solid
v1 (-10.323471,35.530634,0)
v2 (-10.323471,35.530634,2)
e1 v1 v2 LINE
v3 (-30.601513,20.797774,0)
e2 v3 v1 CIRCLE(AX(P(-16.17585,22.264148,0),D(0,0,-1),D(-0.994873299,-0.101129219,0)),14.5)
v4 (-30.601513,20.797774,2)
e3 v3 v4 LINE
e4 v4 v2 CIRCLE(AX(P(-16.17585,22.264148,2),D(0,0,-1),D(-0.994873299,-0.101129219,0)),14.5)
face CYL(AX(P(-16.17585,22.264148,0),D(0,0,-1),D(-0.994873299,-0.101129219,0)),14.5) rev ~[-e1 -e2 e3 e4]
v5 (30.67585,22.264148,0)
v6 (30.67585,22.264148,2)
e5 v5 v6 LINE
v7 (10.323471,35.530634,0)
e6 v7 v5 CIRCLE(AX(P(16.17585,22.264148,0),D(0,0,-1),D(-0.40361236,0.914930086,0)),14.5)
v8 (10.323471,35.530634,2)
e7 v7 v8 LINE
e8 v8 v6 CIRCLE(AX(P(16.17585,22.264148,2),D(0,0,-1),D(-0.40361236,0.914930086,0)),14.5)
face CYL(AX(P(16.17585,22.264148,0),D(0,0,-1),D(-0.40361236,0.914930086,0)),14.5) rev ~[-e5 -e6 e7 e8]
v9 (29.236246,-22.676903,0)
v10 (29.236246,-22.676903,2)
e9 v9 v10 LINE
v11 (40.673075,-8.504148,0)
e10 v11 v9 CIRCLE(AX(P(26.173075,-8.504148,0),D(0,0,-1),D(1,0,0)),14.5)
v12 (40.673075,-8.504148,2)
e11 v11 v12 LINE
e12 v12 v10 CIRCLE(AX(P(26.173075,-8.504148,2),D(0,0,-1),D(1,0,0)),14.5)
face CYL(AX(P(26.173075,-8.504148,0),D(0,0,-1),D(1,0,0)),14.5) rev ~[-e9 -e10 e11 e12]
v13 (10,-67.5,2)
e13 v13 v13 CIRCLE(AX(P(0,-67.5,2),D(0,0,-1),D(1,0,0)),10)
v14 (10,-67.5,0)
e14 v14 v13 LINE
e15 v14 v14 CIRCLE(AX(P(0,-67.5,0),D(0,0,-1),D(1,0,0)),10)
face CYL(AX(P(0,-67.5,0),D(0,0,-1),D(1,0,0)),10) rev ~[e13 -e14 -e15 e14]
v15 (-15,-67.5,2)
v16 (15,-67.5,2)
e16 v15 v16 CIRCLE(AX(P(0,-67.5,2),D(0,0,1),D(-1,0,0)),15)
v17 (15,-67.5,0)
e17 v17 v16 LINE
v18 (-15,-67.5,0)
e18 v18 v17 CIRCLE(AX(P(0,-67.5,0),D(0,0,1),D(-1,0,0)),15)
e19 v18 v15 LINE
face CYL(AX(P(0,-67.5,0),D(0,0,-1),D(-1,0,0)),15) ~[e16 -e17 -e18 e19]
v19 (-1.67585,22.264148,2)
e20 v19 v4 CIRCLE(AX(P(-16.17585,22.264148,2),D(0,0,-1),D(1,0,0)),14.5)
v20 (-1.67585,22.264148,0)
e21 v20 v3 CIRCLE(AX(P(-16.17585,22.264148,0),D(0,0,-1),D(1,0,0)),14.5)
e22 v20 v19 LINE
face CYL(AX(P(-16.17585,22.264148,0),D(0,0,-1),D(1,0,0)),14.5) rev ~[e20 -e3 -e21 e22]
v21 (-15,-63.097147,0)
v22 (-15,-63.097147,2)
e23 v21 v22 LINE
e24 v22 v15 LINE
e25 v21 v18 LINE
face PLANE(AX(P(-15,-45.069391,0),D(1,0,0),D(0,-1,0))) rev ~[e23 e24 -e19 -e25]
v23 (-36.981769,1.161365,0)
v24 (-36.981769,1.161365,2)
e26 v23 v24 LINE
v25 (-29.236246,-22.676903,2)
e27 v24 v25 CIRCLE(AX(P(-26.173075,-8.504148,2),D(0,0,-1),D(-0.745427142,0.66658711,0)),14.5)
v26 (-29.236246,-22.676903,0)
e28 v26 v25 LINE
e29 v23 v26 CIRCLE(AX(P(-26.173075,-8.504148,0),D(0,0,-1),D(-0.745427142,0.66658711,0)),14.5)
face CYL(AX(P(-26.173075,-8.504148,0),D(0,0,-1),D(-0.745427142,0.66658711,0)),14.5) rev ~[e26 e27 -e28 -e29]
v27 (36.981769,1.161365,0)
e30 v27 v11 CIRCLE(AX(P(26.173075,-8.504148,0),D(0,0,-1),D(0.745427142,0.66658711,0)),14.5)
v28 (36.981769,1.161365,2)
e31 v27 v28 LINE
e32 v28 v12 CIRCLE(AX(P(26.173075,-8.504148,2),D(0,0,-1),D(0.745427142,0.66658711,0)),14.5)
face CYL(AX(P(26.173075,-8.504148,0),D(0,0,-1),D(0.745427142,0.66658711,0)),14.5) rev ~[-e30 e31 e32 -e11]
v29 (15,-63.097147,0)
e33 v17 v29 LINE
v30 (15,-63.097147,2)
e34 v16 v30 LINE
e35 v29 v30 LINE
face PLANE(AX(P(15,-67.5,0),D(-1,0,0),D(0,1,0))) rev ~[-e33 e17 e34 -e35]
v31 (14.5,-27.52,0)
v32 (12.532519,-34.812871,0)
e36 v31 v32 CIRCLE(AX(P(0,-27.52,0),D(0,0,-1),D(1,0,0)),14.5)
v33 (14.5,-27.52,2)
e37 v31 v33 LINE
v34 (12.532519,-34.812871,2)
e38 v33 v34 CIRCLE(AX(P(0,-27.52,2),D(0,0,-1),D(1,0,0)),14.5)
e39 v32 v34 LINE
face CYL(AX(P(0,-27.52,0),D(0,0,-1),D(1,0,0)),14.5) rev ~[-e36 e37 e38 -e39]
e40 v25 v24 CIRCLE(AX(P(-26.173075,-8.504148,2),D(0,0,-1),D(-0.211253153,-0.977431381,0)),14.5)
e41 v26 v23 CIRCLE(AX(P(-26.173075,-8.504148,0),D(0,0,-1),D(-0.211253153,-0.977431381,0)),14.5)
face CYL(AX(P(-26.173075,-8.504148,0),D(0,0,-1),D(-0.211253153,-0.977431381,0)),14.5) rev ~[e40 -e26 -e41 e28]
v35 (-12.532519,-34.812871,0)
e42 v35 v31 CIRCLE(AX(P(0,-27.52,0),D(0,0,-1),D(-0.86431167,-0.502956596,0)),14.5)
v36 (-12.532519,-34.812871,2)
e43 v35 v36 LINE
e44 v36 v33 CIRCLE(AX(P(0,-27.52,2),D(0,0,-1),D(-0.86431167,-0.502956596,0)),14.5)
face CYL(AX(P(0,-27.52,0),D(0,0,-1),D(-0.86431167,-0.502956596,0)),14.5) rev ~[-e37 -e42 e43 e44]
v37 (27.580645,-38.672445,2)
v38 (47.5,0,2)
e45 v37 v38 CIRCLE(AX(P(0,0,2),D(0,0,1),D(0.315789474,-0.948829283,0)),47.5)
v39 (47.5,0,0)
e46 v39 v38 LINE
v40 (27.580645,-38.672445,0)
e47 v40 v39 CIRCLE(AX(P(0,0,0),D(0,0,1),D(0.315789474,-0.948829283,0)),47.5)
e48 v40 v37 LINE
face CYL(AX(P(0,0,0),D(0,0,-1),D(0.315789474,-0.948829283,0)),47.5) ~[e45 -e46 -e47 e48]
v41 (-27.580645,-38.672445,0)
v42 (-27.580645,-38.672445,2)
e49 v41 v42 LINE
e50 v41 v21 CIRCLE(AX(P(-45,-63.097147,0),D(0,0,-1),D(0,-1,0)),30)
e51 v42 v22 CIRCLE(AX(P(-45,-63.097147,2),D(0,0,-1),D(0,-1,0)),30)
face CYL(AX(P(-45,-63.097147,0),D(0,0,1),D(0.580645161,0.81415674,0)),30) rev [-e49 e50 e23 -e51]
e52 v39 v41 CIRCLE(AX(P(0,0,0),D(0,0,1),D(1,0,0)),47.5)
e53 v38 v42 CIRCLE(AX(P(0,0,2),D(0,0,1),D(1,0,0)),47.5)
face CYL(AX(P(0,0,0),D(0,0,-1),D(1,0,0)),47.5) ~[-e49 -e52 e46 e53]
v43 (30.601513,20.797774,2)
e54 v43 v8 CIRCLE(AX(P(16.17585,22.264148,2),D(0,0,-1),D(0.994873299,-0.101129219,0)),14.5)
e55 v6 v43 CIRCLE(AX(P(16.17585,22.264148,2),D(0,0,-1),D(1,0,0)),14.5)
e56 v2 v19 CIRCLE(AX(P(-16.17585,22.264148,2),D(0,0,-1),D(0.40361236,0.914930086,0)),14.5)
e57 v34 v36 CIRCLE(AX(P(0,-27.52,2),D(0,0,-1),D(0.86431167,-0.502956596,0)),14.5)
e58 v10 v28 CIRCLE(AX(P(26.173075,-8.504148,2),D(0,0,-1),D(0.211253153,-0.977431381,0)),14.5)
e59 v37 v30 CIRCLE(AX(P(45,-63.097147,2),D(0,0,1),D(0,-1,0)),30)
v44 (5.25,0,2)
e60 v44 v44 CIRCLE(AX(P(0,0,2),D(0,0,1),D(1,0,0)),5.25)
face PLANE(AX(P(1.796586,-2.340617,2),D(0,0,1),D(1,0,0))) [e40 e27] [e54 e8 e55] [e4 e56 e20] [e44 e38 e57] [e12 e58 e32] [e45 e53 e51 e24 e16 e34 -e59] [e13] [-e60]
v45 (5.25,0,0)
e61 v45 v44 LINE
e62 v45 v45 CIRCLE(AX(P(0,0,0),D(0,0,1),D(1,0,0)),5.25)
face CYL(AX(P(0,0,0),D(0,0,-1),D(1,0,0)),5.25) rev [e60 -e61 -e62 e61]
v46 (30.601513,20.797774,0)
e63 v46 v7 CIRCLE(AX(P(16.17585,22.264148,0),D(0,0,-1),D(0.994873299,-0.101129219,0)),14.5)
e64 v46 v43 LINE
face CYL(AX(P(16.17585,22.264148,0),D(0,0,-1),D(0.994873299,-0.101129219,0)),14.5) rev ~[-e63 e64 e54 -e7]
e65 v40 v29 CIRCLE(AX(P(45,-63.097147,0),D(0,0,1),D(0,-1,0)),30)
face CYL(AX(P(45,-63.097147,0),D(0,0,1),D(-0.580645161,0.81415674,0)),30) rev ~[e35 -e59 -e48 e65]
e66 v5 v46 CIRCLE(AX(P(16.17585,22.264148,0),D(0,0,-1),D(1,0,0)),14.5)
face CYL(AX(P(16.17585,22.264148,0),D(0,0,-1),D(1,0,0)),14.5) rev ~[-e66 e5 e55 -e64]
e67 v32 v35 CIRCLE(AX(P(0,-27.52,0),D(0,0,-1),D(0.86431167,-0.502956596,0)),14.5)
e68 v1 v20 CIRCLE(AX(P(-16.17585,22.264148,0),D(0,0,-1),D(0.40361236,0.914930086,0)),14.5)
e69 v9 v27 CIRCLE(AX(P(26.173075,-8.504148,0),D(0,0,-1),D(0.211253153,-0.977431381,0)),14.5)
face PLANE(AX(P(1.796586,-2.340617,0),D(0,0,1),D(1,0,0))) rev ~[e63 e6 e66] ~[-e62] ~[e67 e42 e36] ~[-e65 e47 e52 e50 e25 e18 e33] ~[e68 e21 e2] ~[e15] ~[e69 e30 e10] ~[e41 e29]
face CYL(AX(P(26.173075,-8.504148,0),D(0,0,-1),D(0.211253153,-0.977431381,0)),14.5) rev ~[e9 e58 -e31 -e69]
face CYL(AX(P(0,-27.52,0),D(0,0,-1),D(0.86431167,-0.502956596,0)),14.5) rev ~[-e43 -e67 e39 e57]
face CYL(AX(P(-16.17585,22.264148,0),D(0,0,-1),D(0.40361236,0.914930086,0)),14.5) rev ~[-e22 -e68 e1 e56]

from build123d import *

# Parameters (mm, degrees)
F0_R     = 5.25
F1_DEPTH = 2
F2_R     = 30


with BuildPart() as f1:
    # F0 (on Top) → F1 (new body)
    with BuildSketch(Plane.XY):
        with BuildLine():
            ThreePointArc((15, -45.0693909433), (38.5275875186, -27.7826384636), (47.5, 0))
            ThreePointArc((47.5, 0), (-27.7826384636, 38.5275875186), (-15, -45.0693909433))
            Line((-15, -45.0693909433), (15, -45.0693909433))
        make_face()
        with BuildLine():
            ThreePointArc((30.6015129779, 20.7977740026), (35.1890911029, 11.4336287919), (36.981768892, 1.1613654129))
            ThreePointArc((36.981768892, 1.1613654129), (39.7188506232, -3.3309502538), (40.6730753284, -8.5041476852))
            ThreePointArc((40.6730753284, -8.5041476852), (37.4572672692, -17.6100255805), (29.2362460534, -22.6769027141))
            ThreePointArc((29.2362460534, -22.6769027141), (21.7480543348, -29.9336287919), (12.5325192134, -34.8128706395))
            ThreePointArc((12.5325192134, -34.8128706395), (0, -42.02), (-12.5325192134, -34.8128706395))
            ThreePointArc((-12.5325192134, -34.8128706395), (-21.7480543348, -29.9336287919), (-29.2362460534, -22.6769027141))
            ThreePointArc((-29.2362460534, -22.6769027141), (-39.9633948147, -12.9848941036), (-36.981768892, 1.1613654129))
            ThreePointArc((-36.981768892, 1.1613654129), (-35.1890911029, 11.4336287919), (-30.6015129779, 20.7977740026))
            ThreePointArc((-30.6015129779, 20.7977740026), (-24.6987363013, 33.9948941036), (-10.3234709259, 35.5306339381))
            ThreePointArc((-10.3234709259, 35.5306339381), (0, 37), (10.3234709259, 35.5306339381))
            ThreePointArc((10.3234709259, 35.5306339381), (24.0938834011, 34.4113592716), (30.6758501431, 22.2641476852))
            ThreePointArc((30.6758501431, 22.2641476852), (30.657253927, 21.530019326), (30.6015129779, 20.7977740026))
        make_face(mode=Mode.SUBTRACT)
        with BuildLine():
            ThreePointArc((29.2362460534, -22.6769027141), (12.3827558422, -4.0234012668), (36.981768892, 1.1613654129))
            ThreePointArc((36.981768892, 1.1613654129), (35.1890911029, 11.4336287919), (30.6015129779, 20.7977740026))
            ThreePointArc((30.6015129779, 20.7977740026), (7.6529639848, 10.5334012668), (10.3234709259, 35.5306339381))
            ThreePointArc((10.3234709259, 35.5306339381), (0, 37), (-10.3234709259, 35.5306339381))
            ThreePointArc((-10.3234709259, 35.5306339381), (-4.0286385567, 30.1821809432), (-1.6758501431, 22.2641476852))
            ThreePointArc((-1.6758501431, 22.2641476852), (-15.4417217839, 7.7827439013), (-30.6015129779, 20.7977740026))
            ThreePointArc((-30.6015129779, 20.7977740026), (-35.1890911029, 11.4336287919), (-36.981768892, 1.1613654129))
            ThreePointArc((-36.981768892, 1.1613654129), (-20.999877897, 5.0416276095), (-11.6730753284, -8.5041476852))
            ThreePointArc((-11.6730753284, -8.5041476852), (-17.0671974331, -19.788339626), (-29.2362460534, -22.6769027141))
            ThreePointArc((-29.2362460534, -22.6769027141), (-21.7480543348, -29.9336287919), (-12.5325192134, -34.8128706395))
            ThreePointArc((-12.5325192134, -34.8128706395), (-3.7768023118, -13.5205084272), (14.5, -27.52))
            ThreePointArc((14.5, -27.52), (13.9994915728, -31.2968023118), (12.5325192134, -34.8128706395))
            ThreePointArc((12.5325192134, -34.8128706395), (21.7480543348, -29.9336287919), (29.2362460534, -22.6769027141))
        make_face()
        Circle(F0_R, mode=Mode.SUBTRACT)
        with BuildLine():
            ThreePointArc((15, -45.0693909433), (0, -47.5), (-15, -45.0693909433))
            Line((-15, -45.0693909433), (-15, -67.5))
            ThreePointArc((-15, -67.5), (0, -52.5), (15, -67.5))
            Line((15, -67.5), (15, -45.0693909433))
        make_face()
        with BuildLine():
            Line((-10, -67.5), (-15, -67.5))
            ThreePointArc((-15, -67.5), (0, -82.5), (15, -67.5))
            Line((15, -67.5), (10, -67.5))
            ThreePointArc((10, -67.5), (0, -77.5), (-10, -67.5))
        make_face()
        with BuildLine():
            ThreePointArc((15, -67.5), (0, -52.5), (-15, -67.5))
            Line((-15, -67.5), (-10, -67.5))
            ThreePointArc((-10, -67.5), (0, -57.5), (10, -67.5))
            Line((10, -67.5), (15, -67.5))
        make_face()
        with BuildLine():
            Line((15, -45.0693909433), (-15, -45.0693909433))
            ThreePointArc((-15, -45.0693909433), (0, -47.5), (15, -45.0693909433))
        make_face()
    extrude(amount=F1_DEPTH)

    # F2
    f2_edges = [f1.edges().sort_by_distance(p)[0] for p in [
        (15, -45.069391, 1),
        (-15, -45.069391, 1),
    ]]
    fillet(f2_edges, radius=F2_R)


solid = f1.part
